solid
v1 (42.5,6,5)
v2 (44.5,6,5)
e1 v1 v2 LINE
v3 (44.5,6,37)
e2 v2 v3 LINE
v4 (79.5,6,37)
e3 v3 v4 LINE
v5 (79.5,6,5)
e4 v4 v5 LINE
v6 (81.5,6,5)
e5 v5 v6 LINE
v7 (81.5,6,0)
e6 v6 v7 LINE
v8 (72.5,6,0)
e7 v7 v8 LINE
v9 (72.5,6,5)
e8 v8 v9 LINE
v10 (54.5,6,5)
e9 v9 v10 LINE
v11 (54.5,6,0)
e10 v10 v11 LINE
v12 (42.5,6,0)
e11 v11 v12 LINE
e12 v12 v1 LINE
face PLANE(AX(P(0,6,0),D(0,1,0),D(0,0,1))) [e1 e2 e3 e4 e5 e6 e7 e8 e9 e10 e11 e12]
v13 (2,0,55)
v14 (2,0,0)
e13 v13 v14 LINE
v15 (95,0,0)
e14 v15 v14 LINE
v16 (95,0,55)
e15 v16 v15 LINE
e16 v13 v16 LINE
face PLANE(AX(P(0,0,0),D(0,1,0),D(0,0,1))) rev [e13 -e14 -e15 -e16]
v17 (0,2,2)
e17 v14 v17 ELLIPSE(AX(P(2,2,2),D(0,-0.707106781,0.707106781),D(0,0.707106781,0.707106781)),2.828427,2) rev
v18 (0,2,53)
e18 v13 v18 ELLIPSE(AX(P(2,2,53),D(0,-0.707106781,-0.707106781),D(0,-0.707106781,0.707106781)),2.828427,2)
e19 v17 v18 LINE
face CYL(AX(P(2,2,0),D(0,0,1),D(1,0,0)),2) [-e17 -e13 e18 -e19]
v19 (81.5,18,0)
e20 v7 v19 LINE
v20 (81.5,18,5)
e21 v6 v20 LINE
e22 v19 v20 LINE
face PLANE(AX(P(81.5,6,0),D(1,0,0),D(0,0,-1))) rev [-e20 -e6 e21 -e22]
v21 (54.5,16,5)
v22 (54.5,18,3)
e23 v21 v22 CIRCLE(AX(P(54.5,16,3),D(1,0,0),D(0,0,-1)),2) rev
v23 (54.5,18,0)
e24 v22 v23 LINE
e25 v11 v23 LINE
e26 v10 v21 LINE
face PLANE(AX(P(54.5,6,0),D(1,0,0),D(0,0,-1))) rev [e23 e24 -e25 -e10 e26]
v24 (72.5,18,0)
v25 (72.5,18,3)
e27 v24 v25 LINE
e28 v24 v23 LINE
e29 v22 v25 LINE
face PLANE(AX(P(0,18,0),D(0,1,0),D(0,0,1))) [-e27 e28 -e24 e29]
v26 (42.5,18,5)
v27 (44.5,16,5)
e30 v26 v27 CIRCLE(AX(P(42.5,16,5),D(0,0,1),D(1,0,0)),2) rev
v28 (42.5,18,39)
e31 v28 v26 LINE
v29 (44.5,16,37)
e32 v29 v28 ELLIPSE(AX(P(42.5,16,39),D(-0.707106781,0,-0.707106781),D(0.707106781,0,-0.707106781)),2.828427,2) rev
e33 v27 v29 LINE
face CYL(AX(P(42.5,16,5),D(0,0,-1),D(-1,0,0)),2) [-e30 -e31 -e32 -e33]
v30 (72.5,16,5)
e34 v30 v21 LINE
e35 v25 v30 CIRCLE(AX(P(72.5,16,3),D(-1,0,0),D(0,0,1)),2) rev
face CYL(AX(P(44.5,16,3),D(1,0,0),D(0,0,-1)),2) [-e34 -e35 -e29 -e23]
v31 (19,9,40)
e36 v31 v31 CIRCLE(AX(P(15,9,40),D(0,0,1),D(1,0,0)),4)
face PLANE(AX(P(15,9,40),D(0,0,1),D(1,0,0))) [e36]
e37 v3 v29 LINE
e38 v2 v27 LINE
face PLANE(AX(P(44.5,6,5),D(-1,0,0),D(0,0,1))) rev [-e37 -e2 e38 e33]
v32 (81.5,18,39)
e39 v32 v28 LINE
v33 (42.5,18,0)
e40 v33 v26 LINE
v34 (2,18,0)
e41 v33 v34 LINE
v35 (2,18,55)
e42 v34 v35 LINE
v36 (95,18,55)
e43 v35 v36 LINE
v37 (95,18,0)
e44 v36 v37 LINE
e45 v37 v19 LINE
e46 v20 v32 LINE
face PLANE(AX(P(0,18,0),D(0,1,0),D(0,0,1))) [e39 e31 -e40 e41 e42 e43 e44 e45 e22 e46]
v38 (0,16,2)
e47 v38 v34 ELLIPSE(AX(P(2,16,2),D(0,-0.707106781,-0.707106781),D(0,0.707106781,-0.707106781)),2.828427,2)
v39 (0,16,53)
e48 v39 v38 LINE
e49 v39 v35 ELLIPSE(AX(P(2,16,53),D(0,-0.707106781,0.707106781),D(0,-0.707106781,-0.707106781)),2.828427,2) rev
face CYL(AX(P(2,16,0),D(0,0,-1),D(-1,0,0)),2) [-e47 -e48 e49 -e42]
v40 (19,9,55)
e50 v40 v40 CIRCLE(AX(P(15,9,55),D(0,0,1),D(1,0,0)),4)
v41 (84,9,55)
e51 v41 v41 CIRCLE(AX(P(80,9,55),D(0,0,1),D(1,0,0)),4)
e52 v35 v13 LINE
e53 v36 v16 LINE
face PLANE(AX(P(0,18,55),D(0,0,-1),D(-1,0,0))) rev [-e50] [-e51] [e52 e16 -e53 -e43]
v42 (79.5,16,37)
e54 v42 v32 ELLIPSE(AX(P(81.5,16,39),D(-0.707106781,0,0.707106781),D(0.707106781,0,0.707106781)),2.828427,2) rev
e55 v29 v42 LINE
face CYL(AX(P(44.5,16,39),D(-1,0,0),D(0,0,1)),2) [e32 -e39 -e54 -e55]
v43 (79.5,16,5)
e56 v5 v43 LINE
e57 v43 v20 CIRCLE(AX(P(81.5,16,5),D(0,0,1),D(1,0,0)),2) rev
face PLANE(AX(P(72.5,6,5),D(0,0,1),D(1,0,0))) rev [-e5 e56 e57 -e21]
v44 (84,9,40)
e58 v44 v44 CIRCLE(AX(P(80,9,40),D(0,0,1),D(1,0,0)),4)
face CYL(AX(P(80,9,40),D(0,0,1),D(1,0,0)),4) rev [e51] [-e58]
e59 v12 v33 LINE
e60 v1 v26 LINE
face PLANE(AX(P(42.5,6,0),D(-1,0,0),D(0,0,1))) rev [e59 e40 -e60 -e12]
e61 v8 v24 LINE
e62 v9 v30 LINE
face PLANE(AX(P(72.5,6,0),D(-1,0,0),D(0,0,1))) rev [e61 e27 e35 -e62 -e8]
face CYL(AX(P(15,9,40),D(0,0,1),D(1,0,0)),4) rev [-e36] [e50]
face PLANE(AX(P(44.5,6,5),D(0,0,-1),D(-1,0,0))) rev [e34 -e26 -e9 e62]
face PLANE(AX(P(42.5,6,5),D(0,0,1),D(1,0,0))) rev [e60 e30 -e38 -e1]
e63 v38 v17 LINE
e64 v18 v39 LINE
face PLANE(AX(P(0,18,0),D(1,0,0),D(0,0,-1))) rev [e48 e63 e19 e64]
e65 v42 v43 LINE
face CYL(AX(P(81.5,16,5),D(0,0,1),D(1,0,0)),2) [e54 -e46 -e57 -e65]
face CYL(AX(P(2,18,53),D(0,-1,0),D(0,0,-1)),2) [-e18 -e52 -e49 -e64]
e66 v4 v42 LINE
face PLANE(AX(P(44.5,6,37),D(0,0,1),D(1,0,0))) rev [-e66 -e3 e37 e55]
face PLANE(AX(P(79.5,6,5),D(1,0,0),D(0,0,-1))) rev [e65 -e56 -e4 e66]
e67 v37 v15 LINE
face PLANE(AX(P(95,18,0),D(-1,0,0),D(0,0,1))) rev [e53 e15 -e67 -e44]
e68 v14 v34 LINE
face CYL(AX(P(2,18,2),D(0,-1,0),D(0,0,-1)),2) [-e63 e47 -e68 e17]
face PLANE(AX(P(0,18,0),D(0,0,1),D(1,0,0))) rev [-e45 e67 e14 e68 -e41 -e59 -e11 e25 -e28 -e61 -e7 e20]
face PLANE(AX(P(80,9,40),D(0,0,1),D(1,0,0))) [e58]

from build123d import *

# Parameters (mm, degrees)
SKETCH1_W           = 95
SKETCH1_H           = 55
BOSS_EXTRUDE1_DEPTH = 18
SKETCH2_R           = 4
CUT_EXTRUDE1_DEPTH  = 15
SKETCH3_W           = 35
SKETCH3_H           = 32
CUT_EXTRUDE2_DEPTH  = 12
FILLET2_R           = 2
SKETCH4_W           = 12
SKETCH4_H           = 5
CUT_EXTRUDE3_DEPTH  = 12
SKETCH5_W           = 9
SKETCH5_H           = 5
CUT_EXTRUDE4_DEPTH  = 12


with BuildPart() as part:
    # Sketch1 → Boss-Extrude1 (new body)
    with BuildSketch(Plane(origin=(0, 0, 0), x_dir=(1, 0, 0), z_dir=(0, 1, 0))):
        with Locations((47.5, -27.5)):
            Rectangle(SKETCH1_W, SKETCH1_H)
    extrude(amount=BOSS_EXTRUDE1_DEPTH)

    # Sketch2 → Cut-Extrude1 (cut)
    with BuildSketch(Plane.XY.offset(55)):
        with Locations((80, 9)):
            Circle(SKETCH2_R)
        with Locations((15, 9)):
            Circle(SKETCH2_R)
    extrude(amount=-CUT_EXTRUDE1_DEPTH, mode=Mode.SUBTRACT)

    # Sketch3 → Cut-Extrude2 (cut)
    with BuildSketch(Plane(origin=(0, 18, 0), x_dir=(1, 0, 0), z_dir=(0, 1, 0))):
        with Locations((62, -21)):
            Rectangle(SKETCH3_W, SKETCH3_H)
    extrude(amount=-CUT_EXTRUDE2_DEPTH, mode=Mode.SUBTRACT)

    # Fillet2
    fillet2_edges = [part.edges().sort_by_distance(p)[0] for p in [
        (44.5, 18, 21),
        (62, 18, 37),
        (79.5, 18, 21),
        (62, 18, 5),
        (0, 18, 27.5),
        (0, 0, 27.5),
        (0, 9, 0),
        (0, 9, 55),
    ]]
    fillet(fillet2_edges, radius=FILLET2_R)

    # Sketch4 → Cut-Extrude3 (cut)
    with BuildSketch(Plane(origin=(0, 18, 0), x_dir=(1, 0, 0), z_dir=(0, 1, 0))):
        with Locations((48.5, -2.5)):
            Rectangle(SKETCH4_W, SKETCH4_H)
    extrude(amount=-CUT_EXTRUDE3_DEPTH, mode=Mode.SUBTRACT)

    # Sketch5 → Cut-Extrude4 (cut)
    with BuildSketch(Plane(origin=(0, 18, 0), x_dir=(1, 0, 0), z_dir=(0, 1, 0))):
        with Locations((77, -2.5)):
            Rectangle(SKETCH5_W, SKETCH5_H)
    extrude(amount=-CUT_EXTRUDE4_DEPTH, mode=Mode.SUBTRACT)


solid = part.part
